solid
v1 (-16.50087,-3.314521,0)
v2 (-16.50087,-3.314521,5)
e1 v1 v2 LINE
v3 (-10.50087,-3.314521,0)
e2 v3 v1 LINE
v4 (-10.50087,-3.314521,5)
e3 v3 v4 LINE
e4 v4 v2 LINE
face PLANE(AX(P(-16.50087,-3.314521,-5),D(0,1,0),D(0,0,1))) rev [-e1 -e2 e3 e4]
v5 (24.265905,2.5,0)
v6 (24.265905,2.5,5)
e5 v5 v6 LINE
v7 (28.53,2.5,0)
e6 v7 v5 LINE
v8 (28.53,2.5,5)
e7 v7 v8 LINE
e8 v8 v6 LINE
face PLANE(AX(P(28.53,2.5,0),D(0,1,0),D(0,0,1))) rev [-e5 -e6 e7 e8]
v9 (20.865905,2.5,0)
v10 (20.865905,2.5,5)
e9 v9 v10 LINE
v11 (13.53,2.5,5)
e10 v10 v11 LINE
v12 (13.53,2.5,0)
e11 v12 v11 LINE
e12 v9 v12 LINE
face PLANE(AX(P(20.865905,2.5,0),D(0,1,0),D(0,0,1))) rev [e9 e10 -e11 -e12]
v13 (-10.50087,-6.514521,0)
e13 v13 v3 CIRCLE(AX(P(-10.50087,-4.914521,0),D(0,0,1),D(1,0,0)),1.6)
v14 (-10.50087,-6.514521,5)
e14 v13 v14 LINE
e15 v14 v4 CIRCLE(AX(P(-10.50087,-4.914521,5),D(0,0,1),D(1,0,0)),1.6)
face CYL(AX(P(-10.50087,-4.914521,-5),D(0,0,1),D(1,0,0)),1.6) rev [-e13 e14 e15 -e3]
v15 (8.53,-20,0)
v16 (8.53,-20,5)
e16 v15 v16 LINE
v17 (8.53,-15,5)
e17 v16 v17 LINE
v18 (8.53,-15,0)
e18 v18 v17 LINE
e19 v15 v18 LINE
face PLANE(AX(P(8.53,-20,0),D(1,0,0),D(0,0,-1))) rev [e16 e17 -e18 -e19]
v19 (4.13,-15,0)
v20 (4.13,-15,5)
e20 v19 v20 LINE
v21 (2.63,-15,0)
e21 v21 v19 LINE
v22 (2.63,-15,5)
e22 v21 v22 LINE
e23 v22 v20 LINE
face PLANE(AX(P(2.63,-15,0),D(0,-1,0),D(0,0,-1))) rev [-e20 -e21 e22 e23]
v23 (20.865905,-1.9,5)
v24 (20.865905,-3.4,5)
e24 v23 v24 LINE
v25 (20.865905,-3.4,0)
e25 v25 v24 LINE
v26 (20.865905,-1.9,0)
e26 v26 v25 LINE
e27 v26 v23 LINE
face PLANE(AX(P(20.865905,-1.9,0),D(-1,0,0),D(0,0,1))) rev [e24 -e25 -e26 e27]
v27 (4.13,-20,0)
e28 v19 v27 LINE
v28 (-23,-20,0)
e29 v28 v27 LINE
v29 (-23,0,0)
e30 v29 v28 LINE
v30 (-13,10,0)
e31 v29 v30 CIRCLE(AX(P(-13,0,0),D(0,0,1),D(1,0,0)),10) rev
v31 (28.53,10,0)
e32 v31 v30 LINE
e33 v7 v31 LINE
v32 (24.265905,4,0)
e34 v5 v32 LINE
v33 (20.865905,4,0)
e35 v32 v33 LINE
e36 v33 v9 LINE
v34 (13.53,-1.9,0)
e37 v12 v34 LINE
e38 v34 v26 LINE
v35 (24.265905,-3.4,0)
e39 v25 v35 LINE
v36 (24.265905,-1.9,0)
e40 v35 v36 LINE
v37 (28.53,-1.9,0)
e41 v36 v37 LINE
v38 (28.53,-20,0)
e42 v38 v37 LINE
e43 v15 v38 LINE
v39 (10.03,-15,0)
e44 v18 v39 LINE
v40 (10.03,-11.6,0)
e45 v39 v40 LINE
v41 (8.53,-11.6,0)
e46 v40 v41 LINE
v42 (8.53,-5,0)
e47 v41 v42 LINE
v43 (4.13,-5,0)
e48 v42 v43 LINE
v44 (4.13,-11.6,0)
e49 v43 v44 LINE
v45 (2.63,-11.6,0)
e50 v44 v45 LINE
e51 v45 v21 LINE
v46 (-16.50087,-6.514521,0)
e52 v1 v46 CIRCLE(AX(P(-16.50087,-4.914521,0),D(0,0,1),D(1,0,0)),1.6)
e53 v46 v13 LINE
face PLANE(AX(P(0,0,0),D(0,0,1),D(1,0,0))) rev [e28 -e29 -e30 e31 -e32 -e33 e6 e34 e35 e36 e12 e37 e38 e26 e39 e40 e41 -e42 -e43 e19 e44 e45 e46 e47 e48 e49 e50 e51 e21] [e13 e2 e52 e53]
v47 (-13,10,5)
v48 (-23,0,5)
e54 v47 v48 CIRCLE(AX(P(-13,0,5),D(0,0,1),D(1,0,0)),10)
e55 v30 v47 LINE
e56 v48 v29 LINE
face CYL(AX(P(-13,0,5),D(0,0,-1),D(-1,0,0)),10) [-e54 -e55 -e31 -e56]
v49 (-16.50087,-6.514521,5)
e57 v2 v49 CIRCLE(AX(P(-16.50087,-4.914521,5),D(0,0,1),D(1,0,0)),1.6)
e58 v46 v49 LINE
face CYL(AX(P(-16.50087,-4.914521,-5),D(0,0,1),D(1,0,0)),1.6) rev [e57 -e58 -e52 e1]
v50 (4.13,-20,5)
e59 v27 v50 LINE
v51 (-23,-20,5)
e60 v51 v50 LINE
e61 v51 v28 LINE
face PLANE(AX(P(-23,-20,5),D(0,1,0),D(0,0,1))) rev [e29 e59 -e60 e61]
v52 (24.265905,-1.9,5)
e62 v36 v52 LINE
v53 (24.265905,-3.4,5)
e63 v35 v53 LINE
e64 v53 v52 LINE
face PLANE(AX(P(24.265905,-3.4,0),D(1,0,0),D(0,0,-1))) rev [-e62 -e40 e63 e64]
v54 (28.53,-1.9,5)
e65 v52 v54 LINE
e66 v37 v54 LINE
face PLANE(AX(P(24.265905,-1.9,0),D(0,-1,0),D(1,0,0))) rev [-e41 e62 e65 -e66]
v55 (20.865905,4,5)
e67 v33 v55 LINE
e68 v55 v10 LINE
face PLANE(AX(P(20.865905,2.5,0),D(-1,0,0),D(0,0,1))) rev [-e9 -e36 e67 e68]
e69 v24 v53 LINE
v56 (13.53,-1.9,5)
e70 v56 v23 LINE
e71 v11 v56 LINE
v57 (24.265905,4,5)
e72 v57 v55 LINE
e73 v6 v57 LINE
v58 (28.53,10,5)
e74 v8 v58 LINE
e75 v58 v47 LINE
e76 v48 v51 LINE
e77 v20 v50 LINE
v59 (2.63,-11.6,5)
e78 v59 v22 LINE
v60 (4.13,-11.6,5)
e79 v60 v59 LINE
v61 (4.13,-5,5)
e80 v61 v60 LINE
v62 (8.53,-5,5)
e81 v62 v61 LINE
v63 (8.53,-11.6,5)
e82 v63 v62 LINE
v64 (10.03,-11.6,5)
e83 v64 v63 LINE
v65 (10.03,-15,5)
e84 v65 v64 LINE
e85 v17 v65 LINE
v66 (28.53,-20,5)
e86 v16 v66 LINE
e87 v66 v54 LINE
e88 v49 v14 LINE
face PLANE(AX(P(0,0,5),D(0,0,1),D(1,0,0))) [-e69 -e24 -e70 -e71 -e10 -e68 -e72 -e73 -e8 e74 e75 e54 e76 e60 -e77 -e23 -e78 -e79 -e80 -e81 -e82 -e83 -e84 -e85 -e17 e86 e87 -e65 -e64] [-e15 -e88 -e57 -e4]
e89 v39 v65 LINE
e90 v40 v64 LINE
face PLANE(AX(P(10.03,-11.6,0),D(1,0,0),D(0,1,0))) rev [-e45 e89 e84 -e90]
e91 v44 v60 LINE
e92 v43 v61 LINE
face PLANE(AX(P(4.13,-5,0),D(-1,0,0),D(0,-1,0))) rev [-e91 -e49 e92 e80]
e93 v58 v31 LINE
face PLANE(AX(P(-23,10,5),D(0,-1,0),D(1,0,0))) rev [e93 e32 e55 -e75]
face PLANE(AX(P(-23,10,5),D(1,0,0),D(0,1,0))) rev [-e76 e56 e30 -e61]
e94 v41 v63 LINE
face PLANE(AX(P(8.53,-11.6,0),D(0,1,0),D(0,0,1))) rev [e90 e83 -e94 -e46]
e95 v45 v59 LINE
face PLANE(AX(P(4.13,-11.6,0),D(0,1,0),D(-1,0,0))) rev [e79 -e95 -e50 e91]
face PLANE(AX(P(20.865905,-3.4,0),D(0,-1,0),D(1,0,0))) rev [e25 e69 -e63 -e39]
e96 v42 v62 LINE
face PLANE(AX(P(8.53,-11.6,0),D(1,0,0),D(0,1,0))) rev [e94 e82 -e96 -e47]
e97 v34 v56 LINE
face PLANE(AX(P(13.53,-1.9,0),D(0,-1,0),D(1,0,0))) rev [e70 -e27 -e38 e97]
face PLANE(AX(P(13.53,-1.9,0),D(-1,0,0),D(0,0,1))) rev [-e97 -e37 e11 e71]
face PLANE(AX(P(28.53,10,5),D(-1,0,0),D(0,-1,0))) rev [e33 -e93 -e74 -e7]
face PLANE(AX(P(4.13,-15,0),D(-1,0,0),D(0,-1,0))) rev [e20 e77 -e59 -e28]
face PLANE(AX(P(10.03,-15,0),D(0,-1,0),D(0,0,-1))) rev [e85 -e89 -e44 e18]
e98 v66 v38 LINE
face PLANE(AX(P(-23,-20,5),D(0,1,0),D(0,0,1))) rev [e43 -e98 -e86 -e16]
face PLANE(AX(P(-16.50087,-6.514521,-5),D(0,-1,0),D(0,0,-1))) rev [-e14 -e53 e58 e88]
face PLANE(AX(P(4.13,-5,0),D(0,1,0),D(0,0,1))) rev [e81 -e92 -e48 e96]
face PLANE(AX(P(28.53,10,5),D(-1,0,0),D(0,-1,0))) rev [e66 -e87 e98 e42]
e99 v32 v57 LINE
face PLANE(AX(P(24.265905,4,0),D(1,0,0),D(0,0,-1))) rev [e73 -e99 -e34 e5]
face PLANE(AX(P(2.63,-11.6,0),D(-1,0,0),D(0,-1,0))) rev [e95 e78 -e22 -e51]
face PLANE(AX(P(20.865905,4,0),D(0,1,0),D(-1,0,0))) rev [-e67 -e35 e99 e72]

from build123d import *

# Parameters (mm, degrees)
SKETCH1_W           = 51.53
SKETCH1_H           = 30
BOSS_EXTRUDE1_DEPTH = 5
CUT_EXTRUDE1_DEPTH  = 5
FILLET1_R           = 10
CUT_EXTRUDE5_DEPTH  = 10


with BuildPart() as part:
    # Sketch1 → Boss-Extrude1 (new body)
    with BuildSketch(Plane.XY):
        with Locations((2.765, -5)):
            Rectangle(SKETCH1_W, SKETCH1_H)
    extrude(amount=BOSS_EXTRUDE1_DEPTH)

    # Sketch2 → Cut-Extrude1 (cut)
    with BuildSketch(Plane.XY.offset(5)):
        Polygon((13.53, -1.9), (20.865904873, -1.9), (20.865904873, -3.4), (24.265904873, -3.4), (24.265904873, -1.9), (28.53, -1.9), (28.53, 2.5), (24.265904873, 2.5), (24.265904873, 4), (20.865904873, 4), (20.865904873, 2.5), (13.53, 2.5), align=None)
        Polygon((4.13, -5), (4.13, -11.6), (2.63, -11.6), (2.63, -15), (4.13, -15), (4.13, -20), (8.53, -20), (8.53, -15), (10.03, -15), (10.03, -11.6), (8.53, -11.6), (8.53, -5), align=None)
    extrude(amount=-CUT_EXTRUDE1_DEPTH, mode=Mode.SUBTRACT)

    # Fillet1
    fillet1_edges = [part.edges().sort_by_distance(p)[0] for p in [
        (-23, 10, 2.5),
    ]]
    fillet(fillet1_edges, radius=FILLET1_R)

    # Sketch6 → Cut-Extrude5 (cut)
    with BuildSketch(Plane.XY.offset(5)):
        with BuildLine():
            Line((-16.500870191, -3.314520992), (-10.500870191, -3.314520992))
            ThreePointArc((-10.500870191, -3.314520992), (-8.900870191, -4.914520992), (-10.500870191, -6.514520992))
            Line((-10.500870191, -6.514520992), (-16.500870191, -6.514520992))
            ThreePointArc((-16.500870191, -6.514520992), (-18.100870191, -4.914520992), (-16.500870191, -3.314520992))
        make_face()
    extrude(amount=-CUT_EXTRUDE5_DEPTH, mode=Mode.SUBTRACT)


solid = part.part
